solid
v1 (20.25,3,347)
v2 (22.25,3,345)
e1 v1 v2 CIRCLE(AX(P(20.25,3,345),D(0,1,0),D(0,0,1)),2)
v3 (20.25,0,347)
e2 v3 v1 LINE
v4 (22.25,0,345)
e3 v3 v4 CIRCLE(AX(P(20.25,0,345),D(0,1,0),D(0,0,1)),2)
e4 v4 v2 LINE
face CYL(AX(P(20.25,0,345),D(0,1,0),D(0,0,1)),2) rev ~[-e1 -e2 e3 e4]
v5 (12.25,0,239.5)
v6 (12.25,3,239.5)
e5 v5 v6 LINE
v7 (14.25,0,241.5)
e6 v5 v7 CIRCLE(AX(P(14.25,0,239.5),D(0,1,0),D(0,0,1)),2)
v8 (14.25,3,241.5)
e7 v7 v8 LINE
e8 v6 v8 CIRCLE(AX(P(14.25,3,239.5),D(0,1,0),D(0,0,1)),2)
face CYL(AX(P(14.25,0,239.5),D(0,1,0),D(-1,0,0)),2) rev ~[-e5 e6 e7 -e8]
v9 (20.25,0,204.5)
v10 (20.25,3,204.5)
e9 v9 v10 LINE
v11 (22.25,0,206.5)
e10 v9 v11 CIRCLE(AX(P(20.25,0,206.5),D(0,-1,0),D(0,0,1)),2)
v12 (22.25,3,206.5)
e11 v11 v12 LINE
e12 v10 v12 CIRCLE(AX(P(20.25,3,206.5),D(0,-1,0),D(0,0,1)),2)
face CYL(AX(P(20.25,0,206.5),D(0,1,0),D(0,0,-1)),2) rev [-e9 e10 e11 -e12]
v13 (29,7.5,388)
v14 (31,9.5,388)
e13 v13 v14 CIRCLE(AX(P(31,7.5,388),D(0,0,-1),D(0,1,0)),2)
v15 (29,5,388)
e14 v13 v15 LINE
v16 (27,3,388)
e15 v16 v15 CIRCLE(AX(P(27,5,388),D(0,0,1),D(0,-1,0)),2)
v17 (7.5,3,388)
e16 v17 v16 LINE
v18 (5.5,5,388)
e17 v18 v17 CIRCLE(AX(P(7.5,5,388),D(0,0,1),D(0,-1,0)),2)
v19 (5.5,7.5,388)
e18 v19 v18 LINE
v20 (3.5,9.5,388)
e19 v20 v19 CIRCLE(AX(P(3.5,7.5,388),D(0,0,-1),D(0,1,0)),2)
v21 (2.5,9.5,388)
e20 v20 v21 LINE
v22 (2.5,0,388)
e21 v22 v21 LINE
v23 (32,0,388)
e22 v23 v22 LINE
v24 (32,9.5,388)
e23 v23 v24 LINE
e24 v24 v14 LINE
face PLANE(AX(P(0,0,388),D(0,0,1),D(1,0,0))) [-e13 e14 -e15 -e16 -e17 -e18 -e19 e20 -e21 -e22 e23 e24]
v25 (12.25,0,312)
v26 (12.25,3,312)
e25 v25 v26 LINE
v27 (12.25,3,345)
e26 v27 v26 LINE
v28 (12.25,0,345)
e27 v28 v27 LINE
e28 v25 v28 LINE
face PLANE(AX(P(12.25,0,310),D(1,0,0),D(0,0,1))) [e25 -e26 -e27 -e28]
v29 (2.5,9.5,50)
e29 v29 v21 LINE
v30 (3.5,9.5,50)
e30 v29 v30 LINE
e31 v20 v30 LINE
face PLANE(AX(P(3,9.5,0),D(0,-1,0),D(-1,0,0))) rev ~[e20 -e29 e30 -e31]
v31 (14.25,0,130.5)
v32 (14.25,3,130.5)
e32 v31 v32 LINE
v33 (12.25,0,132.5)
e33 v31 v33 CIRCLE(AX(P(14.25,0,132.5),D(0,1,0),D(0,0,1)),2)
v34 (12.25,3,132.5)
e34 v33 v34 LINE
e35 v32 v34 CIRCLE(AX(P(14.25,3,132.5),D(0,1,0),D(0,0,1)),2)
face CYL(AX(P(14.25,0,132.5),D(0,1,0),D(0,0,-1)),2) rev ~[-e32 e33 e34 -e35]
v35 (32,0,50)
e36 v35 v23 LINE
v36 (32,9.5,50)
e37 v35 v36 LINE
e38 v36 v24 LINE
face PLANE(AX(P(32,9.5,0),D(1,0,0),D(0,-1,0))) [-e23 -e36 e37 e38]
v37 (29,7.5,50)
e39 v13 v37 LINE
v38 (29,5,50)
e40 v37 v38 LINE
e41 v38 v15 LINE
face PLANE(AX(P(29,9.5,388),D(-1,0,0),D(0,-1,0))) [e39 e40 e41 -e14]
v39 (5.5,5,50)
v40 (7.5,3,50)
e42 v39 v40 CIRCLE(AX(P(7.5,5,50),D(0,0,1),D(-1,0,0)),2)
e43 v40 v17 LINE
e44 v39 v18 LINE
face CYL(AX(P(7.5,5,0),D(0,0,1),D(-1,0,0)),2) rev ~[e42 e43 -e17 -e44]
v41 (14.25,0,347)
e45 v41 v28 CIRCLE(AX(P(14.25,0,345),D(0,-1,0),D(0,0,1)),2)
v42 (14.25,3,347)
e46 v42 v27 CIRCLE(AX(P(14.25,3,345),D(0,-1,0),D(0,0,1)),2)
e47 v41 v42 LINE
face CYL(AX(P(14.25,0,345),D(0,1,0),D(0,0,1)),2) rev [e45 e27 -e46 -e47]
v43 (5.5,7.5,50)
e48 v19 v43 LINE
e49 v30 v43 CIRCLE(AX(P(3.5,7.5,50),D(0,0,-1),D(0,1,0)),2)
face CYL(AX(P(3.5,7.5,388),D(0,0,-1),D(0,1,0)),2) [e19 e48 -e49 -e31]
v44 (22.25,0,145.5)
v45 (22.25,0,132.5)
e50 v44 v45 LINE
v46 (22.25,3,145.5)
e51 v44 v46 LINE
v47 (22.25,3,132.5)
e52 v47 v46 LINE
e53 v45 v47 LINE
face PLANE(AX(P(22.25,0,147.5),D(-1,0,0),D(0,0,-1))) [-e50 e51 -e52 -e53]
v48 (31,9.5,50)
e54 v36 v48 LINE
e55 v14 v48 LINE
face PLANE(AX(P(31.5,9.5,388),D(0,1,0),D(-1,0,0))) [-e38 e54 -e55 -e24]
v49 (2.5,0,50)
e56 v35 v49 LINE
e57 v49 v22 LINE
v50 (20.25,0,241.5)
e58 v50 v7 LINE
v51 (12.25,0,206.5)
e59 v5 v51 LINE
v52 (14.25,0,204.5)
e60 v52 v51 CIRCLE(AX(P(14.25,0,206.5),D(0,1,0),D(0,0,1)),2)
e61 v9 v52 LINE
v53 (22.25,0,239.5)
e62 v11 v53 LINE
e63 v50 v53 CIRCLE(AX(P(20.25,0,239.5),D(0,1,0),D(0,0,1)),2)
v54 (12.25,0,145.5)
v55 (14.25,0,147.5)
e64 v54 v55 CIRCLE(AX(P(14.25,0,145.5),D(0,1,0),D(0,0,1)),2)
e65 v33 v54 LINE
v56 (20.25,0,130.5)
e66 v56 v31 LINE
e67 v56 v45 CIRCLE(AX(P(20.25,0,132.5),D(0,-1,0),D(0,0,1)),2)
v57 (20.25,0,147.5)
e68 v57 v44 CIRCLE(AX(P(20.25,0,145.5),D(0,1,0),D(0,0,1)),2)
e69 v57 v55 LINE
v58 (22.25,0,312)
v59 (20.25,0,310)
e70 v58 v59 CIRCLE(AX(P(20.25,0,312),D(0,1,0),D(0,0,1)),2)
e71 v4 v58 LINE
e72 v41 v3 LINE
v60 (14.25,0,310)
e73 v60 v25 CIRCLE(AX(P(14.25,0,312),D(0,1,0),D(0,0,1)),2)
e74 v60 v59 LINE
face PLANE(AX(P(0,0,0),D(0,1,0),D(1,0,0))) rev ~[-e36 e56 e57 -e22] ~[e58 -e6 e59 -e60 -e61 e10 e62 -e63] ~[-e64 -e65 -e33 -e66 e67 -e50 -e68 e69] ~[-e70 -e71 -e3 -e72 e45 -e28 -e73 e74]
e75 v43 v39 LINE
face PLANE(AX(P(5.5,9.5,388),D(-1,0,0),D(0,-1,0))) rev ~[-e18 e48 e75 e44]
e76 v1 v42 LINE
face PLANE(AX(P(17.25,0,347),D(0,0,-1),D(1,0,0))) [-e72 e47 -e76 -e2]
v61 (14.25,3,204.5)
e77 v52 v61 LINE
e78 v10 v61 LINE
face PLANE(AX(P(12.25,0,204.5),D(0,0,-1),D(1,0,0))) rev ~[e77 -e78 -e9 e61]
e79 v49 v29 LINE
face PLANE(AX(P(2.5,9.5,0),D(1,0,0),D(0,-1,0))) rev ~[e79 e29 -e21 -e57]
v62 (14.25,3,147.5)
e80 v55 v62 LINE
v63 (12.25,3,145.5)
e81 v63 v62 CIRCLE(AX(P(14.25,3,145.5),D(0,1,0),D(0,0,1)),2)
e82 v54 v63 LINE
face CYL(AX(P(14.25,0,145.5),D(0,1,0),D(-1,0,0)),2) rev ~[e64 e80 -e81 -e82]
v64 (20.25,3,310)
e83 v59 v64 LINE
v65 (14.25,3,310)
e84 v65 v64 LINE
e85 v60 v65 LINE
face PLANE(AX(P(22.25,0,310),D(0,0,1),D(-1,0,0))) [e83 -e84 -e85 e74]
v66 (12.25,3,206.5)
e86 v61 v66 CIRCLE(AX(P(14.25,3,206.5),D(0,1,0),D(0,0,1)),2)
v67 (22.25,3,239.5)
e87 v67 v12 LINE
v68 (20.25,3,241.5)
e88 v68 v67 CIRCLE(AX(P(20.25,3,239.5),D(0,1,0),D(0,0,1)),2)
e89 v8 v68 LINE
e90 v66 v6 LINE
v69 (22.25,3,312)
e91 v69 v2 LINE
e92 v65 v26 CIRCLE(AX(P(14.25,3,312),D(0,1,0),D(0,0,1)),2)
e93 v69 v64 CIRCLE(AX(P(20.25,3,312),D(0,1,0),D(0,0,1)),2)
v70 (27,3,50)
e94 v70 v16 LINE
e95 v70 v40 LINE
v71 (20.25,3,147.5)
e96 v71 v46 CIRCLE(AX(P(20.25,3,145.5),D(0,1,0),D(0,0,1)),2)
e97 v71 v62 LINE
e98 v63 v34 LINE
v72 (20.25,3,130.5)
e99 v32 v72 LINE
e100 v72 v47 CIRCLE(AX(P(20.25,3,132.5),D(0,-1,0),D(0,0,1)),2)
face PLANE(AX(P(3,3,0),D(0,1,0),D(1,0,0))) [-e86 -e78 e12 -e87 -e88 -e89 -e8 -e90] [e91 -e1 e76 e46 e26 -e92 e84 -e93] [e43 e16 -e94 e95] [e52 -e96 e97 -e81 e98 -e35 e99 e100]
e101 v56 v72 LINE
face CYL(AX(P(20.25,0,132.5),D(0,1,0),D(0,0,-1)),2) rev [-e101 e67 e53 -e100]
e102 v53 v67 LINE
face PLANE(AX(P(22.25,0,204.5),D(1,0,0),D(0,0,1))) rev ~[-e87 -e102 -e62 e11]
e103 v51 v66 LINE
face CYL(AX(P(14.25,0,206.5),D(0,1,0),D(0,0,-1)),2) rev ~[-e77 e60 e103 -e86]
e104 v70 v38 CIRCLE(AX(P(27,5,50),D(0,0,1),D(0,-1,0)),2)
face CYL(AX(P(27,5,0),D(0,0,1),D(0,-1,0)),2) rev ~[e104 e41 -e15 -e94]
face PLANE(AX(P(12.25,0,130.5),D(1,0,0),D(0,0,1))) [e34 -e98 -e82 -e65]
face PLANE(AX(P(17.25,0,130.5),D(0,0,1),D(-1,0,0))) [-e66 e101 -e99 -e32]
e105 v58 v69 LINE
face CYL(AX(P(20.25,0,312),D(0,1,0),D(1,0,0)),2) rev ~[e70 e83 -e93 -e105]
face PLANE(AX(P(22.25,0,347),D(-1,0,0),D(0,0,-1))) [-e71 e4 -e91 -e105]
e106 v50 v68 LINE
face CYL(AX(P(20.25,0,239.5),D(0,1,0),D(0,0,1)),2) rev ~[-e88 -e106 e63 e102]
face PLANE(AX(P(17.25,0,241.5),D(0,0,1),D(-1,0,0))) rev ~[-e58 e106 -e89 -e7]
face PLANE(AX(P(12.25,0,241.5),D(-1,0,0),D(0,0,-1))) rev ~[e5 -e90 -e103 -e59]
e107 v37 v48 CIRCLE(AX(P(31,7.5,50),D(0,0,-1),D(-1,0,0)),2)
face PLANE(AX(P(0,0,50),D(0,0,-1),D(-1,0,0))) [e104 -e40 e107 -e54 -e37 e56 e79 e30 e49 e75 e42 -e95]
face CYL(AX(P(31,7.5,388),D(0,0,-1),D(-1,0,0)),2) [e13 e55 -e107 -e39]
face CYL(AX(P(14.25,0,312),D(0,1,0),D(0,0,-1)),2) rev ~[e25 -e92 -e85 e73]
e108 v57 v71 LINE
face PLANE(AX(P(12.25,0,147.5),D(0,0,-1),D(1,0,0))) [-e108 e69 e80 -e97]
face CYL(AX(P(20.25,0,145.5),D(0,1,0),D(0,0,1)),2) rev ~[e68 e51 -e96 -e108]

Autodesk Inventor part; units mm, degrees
ref_plane "YZ Plane" through (0, 0, 0) normal (1, 0, 0) x (0, 1, 0)
ref_plane "XZ Plane" through (0, 0, 0) normal (0, 1, 0) x (-1, 0, 0)
ref_plane "XY Plane" through (0, 0, 0) normal (0, 0, 1) x (1, 0, 0)
sketch "Эскиз1" plane through (0, 0, 0) normal (0, 0, 1) x (1, 0, 0)
  line L0 (0, 0) -> (34.5, 0)
  line L1 (34.5, 0) -> (34.5, 9.5)
  line L2 (34.5, 9.5) -> (0, 9.5)
  line L3 (0, 9.5) -> (0, 0)
  line L4 (3, 9.5) -> (3, 0)
  line L5 (31.5, 9.5) -> (31.5, 0)
  line L6 (3, 3) -> (31.5, 3)
  dimension "d0" = 34.5
  dimension "d1" = 9.5
  dimension "d2" = 3
  dimension "d3" = 3
  dimension "d4" = 3
extrude "Выдавливание1" add sketch "Эскиз1" along normal blind 388 contours L3 L2 L4 L0 | L4 L6 L5 L0 | L5 L2 L1 L0
sketch "Эскиз2" plane through (0, 0, 0) normal (0, -1, 0) x (1, 0, 0)
  line L0 (0, 0) -> (34.5, 0) projected
  line L1 (34.5, 0) -> (34.5, 388) projected
  line L2 (0, 388) -> (34.5, 388) projected
  line L3 (0, 0) -> (0, 388) projected
  line L4 (17.25, 388) -> (17.25, 0)
  line L5 (22.25, 310) -> (12.25, 310)
  line L6 (12.25, 310) -> (12.25, 347)
  line L7 (12.25, 347) -> (22.25, 347)
  line L8 (22.25, 347) -> (22.25, 310)
  line L9 (22.25, 310) -> (12.25, 347) construction
  line L10 (12.25, 310) -> (22.25, 347) construction
  line L11 (12.25, 204.5) -> (22.25, 204.5)
  line L12 (22.25, 204.5) -> (22.25, 241.5)
  line L13 (22.25, 241.5) -> (12.25, 241.5)
  line L14 (12.25, 241.5) -> (12.25, 204.5)
  line L15 (12.25, 204.5) -> (22.25, 241.5) construction
  line L16 (22.25, 204.5) -> (12.25, 241.5) construction
  line L17 (22.25, 130.5) -> (12.25, 130.5)
  line L18 (12.25, 130.5) -> (12.25, 147.5)
  line L19 (12.25, 147.5) -> (22.25, 147.5)
  line L20 (22.25, 147.5) -> (22.25, 130.5)
  line L21 (22.25, 130.5) -> (12.25, 147.5) construction
  line L22 (12.25, 130.5) -> (22.25, 147.5) construction
  point P0 (17.25, 328.5)
  point P1 (17.25, 223)
  point P2 (17.25, 139)
  dimension "d8" = 10
  dimension "d9" = 37
  dimension "d10" = 41
  dimension "d11" = 10
  dimension "d12" = 37
  dimension "d13" = 68.5
  dimension "d14" = 10
  dimension "d15" = 17
  dimension "d16" = 57
extrude "Выдавливание2" cut sketch "Эскиз2" against normal blind 295 contours L17 L18 L19 L4 | L4 L19 L20 L17 | L7 L8 L5 L4 | L4 L5 L6 L7 | L11 L14 L13 L4 | L4 L13 L12 L11
fillet "Сопряжение2" radius 2 12 edges at (12.25, 1.5, 241.5) (12.25, 1.5, 204.5) (22.25, 1.5, 204.5) (22.25, 1.5, 241.5) (22.25, 1.5, 147.5) (22.25, 1.5, 130.5) (12.25, 1.5, 147.5) (12.25, 1.5, 130.5) (12.25, 1.5, 310) (12.25, 1.5, 347) (22.25, 1.5, 347) (22.25, 1.5, 310)
sketch "Эскиз3" plane through (0, 0, 388) normal (0, 0, 1) x (1, 0, 0)
  line L0 (3, 3) -> (3, 9.5) projected
  line L1 (3, 9.5) -> (5.5, 9.5)
  line L2 (5.5, 9.5) -> (5.5, 0)
  line L3 (5.5, 0) -> (3, 0)
  line L4 (3, 0) -> (3, 9.5)
  line L5 (31.5, 9.5) -> (31.5, 3) projected
  line L6 (31.5, 9.5) -> (29, 9.5)
  line L7 (29, 9.5) -> (29, 0)
  line L8 (29, 0) -> (31.5, 0)
  line L9 (31.5, 0) -> (31.5, 9.5)
  point P0 (0, 0)
  dimension "d20" = 2.5
  dimension "d21" = 2.5
extrude "Выдавливание3" add sketch "Эскиз3" against normal up to surface (388 mm away)
sketch "Эскиз4" plane through (0, 0, 0) normal (0, 0, -1) x (-1, 0, 0)
  line L0 (-34.5, 9.5) -> (-29, 9.5) projected
  line L1 (0, 0) -> (-34.5, 0) projected
  line L2 (-34.5, 9.5) -> (-32, 9.5)
  line L3 (-32, 9.5) -> (-32, 0)
  line L4 (-32, 0) -> (-34.5, 0)
  line L5 (-34.5, 0) -> (-34.5, 9.5)
  line L6 (0, 9.5) -> (0, 0) projected
  line L7 (0, 9.5) -> (-2.5, 9.5)
  line L8 (-2.5, 9.5) -> (-2.5, 0)
  line L9 (-2.5, 0) -> (0, 0)
  line L10 (0, 0) -> (0, 9.5)
  dimension "d24" = 2.5
  dimension "d25" = 2.5
extrude "Выдавливание4" cut sketch "Эскиз4" against normal through all
fillet "Сопряжение3" radius 2 4 edges at (5.5, 3, 194) (29, 3, 194) (29, 9.5, 194) (5.5, 9.5, 194)
sketch "Эскиз5" plane through (0, 0, 0) normal (0, 0, -1) x (-1, 0, 0)
  line L0 (52, 100) -> (-112, 100)
  line L1 (-112, 100) -> (-112, -123)
  line L2 (-112, -123) -> (52, -123)
  line L3 (52, -123) -> (52, 100)
  point P0 (0, 0)
extrude "Выдавливание5" cut sketch "Эскиз5" against normal blind 50
properties part number "2 часть направляшки 35"
